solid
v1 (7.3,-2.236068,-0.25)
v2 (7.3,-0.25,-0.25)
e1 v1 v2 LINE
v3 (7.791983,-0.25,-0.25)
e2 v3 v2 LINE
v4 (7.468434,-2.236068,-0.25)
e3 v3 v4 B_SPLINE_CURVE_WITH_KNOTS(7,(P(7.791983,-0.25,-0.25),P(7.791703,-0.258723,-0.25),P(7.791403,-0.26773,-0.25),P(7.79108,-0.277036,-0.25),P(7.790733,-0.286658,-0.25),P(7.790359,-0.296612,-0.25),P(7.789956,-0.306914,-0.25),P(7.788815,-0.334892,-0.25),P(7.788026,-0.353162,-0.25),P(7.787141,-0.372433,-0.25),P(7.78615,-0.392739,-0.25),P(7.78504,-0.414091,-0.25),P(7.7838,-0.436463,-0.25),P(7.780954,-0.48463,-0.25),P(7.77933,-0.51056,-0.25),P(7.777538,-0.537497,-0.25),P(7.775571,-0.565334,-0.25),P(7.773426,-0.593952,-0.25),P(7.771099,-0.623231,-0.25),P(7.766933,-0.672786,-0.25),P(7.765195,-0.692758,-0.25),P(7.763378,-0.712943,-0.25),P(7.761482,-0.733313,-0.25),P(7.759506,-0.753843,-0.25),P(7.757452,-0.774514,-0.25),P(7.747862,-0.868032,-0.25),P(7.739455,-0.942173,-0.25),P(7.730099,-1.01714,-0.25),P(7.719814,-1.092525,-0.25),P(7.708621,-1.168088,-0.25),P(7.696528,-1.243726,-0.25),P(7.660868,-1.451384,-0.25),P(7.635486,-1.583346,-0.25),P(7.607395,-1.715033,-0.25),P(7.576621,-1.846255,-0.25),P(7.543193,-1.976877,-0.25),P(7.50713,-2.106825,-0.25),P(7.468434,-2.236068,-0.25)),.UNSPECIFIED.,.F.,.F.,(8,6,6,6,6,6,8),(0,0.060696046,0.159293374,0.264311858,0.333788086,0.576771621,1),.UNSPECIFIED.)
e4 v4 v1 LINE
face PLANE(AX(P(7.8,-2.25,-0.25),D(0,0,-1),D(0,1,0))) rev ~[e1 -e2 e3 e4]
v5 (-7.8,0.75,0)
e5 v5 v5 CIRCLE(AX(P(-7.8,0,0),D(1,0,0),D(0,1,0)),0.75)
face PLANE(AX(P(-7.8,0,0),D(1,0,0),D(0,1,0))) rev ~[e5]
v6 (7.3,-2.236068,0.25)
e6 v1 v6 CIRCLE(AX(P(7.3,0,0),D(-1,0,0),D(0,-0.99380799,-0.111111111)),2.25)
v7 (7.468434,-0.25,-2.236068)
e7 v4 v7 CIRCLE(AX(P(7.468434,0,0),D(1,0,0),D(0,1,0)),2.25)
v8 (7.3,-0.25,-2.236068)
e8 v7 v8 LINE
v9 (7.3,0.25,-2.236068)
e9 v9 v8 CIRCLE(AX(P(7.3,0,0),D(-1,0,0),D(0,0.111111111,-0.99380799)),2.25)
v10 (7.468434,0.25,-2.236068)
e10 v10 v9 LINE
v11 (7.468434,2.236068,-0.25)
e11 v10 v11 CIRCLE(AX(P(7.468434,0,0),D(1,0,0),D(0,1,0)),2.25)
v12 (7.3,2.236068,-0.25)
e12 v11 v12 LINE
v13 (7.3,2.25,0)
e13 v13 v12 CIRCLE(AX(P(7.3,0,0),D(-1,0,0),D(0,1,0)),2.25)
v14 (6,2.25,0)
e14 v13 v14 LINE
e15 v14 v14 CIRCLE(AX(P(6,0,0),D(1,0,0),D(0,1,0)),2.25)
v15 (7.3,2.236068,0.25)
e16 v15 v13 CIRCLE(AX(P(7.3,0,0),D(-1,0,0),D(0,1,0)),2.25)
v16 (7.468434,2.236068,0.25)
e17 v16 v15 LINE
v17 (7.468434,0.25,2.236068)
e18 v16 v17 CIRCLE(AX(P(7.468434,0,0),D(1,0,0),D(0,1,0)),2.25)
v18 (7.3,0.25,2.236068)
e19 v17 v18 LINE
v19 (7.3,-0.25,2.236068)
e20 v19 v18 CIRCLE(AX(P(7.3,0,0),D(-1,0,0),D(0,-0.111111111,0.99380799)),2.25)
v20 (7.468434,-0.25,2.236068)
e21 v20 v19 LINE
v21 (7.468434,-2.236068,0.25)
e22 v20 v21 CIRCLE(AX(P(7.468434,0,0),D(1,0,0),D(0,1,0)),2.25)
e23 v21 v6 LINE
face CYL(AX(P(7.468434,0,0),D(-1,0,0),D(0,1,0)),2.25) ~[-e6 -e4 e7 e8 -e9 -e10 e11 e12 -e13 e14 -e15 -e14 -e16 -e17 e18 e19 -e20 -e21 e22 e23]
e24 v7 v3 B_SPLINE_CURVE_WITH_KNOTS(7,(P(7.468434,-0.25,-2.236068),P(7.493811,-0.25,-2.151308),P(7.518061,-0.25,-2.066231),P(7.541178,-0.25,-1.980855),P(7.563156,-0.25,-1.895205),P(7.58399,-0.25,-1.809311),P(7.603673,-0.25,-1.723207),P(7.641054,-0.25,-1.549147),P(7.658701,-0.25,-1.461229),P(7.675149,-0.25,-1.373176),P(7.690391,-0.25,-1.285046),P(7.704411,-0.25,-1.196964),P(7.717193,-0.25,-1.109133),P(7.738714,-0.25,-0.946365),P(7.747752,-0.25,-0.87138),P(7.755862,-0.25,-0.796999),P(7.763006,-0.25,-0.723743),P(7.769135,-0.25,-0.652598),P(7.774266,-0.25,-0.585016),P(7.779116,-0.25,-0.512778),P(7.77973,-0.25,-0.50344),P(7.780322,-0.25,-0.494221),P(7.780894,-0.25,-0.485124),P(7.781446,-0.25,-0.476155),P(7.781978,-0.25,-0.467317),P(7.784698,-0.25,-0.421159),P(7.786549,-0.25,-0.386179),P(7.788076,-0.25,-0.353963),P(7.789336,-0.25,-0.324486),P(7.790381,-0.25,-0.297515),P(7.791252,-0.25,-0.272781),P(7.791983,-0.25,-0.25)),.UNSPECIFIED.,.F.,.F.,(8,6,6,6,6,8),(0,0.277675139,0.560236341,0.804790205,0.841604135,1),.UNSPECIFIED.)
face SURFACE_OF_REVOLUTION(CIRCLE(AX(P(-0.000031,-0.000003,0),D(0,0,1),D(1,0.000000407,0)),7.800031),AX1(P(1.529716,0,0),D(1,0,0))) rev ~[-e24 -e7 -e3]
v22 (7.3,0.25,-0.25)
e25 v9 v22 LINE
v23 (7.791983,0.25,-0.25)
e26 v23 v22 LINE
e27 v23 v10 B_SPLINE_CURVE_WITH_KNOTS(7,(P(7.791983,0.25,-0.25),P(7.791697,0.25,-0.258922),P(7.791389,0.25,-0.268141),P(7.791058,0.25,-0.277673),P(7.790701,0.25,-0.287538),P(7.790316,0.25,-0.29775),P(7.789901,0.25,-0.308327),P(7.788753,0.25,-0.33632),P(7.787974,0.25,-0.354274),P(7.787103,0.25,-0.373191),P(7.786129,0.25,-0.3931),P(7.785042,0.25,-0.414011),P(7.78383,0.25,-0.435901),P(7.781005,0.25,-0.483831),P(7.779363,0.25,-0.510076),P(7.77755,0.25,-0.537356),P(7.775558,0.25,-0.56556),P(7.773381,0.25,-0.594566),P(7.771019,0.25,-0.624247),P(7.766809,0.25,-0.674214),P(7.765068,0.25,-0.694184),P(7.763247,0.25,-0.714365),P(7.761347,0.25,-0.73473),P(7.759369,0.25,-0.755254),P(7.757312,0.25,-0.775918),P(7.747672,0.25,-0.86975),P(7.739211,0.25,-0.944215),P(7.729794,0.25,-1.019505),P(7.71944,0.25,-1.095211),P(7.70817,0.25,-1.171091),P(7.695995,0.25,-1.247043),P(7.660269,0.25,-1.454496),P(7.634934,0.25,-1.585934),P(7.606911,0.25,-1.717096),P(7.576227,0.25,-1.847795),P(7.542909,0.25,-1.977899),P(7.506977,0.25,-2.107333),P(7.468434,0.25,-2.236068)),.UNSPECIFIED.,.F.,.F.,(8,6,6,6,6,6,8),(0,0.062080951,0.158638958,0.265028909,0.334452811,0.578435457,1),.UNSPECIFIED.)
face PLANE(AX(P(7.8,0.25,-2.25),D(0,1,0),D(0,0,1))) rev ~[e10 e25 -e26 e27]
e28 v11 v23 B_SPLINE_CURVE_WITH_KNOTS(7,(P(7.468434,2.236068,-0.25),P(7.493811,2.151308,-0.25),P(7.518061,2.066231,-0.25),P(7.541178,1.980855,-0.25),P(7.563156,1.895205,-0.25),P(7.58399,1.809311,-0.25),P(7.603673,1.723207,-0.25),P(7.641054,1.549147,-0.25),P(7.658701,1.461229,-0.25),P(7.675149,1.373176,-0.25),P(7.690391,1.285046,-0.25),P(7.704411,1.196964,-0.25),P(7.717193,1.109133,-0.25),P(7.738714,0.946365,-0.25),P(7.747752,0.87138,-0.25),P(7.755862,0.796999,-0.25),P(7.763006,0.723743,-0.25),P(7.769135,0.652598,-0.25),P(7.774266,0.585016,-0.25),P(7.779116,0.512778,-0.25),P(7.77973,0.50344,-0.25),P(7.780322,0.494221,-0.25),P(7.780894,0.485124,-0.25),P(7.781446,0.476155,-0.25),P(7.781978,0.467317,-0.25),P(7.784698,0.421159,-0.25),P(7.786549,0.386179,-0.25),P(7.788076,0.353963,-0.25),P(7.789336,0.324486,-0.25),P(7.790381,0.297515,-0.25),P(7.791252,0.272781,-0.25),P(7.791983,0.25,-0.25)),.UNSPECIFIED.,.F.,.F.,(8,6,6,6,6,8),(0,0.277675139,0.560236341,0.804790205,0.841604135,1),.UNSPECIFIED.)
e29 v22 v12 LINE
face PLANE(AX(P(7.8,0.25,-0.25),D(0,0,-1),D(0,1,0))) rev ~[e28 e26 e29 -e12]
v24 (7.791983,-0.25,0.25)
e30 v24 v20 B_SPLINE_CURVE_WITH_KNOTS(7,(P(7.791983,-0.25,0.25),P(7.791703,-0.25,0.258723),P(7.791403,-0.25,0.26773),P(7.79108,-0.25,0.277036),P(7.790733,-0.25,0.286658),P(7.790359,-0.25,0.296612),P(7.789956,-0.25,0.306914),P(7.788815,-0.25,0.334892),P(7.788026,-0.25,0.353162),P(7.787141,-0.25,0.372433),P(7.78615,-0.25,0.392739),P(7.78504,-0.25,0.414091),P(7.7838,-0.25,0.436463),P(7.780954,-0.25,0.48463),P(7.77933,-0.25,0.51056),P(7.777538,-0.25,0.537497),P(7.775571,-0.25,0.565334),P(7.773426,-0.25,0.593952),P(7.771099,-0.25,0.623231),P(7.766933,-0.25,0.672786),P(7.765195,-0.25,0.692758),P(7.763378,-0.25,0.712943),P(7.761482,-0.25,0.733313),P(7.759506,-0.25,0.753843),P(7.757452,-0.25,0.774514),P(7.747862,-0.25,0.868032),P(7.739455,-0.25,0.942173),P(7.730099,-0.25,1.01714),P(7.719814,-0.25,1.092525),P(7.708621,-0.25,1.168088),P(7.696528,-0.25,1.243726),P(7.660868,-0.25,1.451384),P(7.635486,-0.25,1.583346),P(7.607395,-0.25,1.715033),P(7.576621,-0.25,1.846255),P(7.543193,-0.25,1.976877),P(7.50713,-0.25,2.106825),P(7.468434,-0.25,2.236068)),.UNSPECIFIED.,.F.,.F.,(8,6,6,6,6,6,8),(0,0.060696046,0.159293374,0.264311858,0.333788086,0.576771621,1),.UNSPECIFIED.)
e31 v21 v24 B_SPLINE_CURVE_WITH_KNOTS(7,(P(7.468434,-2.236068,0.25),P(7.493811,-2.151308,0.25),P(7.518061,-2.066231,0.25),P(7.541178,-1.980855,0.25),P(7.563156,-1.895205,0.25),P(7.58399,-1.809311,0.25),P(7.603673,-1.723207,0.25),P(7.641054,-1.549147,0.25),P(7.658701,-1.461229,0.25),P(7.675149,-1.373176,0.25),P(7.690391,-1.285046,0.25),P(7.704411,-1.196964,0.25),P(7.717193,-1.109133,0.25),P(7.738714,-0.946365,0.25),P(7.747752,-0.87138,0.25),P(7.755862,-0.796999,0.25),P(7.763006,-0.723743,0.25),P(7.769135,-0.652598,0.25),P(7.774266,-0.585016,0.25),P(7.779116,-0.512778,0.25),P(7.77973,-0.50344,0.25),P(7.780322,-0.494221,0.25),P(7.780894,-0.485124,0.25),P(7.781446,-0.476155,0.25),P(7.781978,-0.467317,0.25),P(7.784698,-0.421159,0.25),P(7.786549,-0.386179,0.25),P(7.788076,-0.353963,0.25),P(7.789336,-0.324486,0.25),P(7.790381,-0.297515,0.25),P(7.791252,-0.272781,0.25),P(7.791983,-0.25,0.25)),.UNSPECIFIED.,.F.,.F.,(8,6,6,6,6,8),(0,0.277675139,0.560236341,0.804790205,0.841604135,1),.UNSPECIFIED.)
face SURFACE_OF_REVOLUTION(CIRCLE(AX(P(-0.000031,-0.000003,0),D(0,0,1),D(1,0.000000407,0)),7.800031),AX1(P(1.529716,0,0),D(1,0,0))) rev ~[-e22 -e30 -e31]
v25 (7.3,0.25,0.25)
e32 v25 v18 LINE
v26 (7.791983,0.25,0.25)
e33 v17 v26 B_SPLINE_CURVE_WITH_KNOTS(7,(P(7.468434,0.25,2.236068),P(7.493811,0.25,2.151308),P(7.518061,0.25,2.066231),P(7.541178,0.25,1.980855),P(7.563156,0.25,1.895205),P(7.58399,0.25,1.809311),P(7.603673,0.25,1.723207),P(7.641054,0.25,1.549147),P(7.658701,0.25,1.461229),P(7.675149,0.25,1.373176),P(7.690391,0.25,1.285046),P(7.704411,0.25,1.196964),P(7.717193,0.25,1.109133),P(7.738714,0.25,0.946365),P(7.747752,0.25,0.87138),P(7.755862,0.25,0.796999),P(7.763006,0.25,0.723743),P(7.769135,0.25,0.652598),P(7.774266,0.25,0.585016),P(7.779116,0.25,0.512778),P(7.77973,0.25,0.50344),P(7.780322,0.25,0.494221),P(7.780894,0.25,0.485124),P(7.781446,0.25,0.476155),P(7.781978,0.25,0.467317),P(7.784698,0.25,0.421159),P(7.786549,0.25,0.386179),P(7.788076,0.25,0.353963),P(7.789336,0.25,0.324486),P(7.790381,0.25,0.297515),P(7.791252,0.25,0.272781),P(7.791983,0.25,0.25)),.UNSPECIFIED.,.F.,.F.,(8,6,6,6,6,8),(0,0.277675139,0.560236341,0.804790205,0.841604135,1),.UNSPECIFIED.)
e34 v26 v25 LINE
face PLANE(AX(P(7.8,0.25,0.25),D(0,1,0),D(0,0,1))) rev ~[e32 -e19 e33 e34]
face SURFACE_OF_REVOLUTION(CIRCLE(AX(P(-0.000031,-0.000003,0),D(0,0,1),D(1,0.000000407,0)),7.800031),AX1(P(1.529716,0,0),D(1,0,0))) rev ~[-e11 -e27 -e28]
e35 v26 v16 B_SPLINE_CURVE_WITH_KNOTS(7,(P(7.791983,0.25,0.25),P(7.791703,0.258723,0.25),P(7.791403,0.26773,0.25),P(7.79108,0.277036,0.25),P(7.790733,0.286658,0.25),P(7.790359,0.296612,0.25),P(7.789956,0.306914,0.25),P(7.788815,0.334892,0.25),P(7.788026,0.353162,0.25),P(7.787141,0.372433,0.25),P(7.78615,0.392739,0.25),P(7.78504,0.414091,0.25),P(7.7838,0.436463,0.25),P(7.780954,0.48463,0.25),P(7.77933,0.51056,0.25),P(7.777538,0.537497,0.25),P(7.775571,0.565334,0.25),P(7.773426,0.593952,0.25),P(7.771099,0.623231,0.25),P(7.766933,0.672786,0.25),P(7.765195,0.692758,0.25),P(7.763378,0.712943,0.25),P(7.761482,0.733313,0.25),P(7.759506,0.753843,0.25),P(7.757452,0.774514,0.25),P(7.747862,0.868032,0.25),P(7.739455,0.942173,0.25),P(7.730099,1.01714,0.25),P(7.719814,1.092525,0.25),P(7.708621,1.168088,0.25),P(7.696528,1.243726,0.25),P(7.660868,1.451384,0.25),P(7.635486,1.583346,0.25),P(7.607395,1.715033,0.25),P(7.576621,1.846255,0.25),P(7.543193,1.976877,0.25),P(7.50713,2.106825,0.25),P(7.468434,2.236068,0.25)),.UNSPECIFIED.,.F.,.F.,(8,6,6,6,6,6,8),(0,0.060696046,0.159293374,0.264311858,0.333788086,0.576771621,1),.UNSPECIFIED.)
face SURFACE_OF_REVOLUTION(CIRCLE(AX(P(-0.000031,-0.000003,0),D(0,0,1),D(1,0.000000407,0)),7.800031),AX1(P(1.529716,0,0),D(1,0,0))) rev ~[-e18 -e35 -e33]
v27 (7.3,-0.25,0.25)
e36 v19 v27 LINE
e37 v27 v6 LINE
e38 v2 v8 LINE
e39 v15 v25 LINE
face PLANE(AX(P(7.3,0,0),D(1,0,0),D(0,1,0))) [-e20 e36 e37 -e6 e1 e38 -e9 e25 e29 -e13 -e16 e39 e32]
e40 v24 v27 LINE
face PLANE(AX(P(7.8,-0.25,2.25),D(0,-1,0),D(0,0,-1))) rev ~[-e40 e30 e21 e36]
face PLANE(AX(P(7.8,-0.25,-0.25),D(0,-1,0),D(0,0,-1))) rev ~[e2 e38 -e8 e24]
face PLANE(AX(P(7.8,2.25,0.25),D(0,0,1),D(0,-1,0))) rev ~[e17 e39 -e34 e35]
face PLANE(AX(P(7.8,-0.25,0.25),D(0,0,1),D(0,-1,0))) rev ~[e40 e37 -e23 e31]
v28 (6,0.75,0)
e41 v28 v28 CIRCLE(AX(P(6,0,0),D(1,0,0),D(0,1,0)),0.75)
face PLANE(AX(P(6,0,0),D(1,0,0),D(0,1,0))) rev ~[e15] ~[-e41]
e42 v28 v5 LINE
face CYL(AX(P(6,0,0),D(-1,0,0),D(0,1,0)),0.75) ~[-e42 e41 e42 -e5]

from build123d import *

# Parameters (mm, degrees)
F4_DEPTH = 0.5


with BuildPart() as f1:
    # F0 (on Top) → F1 (revolve)
    with BuildSketch(Plane.XY):
        with BuildLine():
            Line((-7.8, 0.75), (-7.8, 0))
            Line((-7.8, 0), (7.8, 0))
            ThreePointArc((7.8, 0), (7.716663, 1.13715), (7.468434, 2.25))
            Line((7.468434, 2.25), (6, 2.25))
            Line((6, 2.25), (6, 0.75))
            Line((6, 0.75), (-7.8, 0.75))
        make_face()
    revolve(axis=Axis((1.529716, 0, 0), (1, 0, 0)))

    # F3 (on offset) → F4 (cut)
    with BuildSketch(Plane.YZ.offset(7.8)):
        Polygon((0.25, 0.25), (0.25, 2.25), (-0.25, 2.25), (-0.25, 0.25), (-2.25, 0.25), (-2.25, -0.25), (-0.25, -0.25), (-0.25, -2.25), (0.25, -2.25), (0.25, -0.25), (2.25, -0.25), (2.25, 0.25), align=None)
    extrude(amount=-F4_DEPTH, mode=Mode.SUBTRACT)


solid = f1.part
